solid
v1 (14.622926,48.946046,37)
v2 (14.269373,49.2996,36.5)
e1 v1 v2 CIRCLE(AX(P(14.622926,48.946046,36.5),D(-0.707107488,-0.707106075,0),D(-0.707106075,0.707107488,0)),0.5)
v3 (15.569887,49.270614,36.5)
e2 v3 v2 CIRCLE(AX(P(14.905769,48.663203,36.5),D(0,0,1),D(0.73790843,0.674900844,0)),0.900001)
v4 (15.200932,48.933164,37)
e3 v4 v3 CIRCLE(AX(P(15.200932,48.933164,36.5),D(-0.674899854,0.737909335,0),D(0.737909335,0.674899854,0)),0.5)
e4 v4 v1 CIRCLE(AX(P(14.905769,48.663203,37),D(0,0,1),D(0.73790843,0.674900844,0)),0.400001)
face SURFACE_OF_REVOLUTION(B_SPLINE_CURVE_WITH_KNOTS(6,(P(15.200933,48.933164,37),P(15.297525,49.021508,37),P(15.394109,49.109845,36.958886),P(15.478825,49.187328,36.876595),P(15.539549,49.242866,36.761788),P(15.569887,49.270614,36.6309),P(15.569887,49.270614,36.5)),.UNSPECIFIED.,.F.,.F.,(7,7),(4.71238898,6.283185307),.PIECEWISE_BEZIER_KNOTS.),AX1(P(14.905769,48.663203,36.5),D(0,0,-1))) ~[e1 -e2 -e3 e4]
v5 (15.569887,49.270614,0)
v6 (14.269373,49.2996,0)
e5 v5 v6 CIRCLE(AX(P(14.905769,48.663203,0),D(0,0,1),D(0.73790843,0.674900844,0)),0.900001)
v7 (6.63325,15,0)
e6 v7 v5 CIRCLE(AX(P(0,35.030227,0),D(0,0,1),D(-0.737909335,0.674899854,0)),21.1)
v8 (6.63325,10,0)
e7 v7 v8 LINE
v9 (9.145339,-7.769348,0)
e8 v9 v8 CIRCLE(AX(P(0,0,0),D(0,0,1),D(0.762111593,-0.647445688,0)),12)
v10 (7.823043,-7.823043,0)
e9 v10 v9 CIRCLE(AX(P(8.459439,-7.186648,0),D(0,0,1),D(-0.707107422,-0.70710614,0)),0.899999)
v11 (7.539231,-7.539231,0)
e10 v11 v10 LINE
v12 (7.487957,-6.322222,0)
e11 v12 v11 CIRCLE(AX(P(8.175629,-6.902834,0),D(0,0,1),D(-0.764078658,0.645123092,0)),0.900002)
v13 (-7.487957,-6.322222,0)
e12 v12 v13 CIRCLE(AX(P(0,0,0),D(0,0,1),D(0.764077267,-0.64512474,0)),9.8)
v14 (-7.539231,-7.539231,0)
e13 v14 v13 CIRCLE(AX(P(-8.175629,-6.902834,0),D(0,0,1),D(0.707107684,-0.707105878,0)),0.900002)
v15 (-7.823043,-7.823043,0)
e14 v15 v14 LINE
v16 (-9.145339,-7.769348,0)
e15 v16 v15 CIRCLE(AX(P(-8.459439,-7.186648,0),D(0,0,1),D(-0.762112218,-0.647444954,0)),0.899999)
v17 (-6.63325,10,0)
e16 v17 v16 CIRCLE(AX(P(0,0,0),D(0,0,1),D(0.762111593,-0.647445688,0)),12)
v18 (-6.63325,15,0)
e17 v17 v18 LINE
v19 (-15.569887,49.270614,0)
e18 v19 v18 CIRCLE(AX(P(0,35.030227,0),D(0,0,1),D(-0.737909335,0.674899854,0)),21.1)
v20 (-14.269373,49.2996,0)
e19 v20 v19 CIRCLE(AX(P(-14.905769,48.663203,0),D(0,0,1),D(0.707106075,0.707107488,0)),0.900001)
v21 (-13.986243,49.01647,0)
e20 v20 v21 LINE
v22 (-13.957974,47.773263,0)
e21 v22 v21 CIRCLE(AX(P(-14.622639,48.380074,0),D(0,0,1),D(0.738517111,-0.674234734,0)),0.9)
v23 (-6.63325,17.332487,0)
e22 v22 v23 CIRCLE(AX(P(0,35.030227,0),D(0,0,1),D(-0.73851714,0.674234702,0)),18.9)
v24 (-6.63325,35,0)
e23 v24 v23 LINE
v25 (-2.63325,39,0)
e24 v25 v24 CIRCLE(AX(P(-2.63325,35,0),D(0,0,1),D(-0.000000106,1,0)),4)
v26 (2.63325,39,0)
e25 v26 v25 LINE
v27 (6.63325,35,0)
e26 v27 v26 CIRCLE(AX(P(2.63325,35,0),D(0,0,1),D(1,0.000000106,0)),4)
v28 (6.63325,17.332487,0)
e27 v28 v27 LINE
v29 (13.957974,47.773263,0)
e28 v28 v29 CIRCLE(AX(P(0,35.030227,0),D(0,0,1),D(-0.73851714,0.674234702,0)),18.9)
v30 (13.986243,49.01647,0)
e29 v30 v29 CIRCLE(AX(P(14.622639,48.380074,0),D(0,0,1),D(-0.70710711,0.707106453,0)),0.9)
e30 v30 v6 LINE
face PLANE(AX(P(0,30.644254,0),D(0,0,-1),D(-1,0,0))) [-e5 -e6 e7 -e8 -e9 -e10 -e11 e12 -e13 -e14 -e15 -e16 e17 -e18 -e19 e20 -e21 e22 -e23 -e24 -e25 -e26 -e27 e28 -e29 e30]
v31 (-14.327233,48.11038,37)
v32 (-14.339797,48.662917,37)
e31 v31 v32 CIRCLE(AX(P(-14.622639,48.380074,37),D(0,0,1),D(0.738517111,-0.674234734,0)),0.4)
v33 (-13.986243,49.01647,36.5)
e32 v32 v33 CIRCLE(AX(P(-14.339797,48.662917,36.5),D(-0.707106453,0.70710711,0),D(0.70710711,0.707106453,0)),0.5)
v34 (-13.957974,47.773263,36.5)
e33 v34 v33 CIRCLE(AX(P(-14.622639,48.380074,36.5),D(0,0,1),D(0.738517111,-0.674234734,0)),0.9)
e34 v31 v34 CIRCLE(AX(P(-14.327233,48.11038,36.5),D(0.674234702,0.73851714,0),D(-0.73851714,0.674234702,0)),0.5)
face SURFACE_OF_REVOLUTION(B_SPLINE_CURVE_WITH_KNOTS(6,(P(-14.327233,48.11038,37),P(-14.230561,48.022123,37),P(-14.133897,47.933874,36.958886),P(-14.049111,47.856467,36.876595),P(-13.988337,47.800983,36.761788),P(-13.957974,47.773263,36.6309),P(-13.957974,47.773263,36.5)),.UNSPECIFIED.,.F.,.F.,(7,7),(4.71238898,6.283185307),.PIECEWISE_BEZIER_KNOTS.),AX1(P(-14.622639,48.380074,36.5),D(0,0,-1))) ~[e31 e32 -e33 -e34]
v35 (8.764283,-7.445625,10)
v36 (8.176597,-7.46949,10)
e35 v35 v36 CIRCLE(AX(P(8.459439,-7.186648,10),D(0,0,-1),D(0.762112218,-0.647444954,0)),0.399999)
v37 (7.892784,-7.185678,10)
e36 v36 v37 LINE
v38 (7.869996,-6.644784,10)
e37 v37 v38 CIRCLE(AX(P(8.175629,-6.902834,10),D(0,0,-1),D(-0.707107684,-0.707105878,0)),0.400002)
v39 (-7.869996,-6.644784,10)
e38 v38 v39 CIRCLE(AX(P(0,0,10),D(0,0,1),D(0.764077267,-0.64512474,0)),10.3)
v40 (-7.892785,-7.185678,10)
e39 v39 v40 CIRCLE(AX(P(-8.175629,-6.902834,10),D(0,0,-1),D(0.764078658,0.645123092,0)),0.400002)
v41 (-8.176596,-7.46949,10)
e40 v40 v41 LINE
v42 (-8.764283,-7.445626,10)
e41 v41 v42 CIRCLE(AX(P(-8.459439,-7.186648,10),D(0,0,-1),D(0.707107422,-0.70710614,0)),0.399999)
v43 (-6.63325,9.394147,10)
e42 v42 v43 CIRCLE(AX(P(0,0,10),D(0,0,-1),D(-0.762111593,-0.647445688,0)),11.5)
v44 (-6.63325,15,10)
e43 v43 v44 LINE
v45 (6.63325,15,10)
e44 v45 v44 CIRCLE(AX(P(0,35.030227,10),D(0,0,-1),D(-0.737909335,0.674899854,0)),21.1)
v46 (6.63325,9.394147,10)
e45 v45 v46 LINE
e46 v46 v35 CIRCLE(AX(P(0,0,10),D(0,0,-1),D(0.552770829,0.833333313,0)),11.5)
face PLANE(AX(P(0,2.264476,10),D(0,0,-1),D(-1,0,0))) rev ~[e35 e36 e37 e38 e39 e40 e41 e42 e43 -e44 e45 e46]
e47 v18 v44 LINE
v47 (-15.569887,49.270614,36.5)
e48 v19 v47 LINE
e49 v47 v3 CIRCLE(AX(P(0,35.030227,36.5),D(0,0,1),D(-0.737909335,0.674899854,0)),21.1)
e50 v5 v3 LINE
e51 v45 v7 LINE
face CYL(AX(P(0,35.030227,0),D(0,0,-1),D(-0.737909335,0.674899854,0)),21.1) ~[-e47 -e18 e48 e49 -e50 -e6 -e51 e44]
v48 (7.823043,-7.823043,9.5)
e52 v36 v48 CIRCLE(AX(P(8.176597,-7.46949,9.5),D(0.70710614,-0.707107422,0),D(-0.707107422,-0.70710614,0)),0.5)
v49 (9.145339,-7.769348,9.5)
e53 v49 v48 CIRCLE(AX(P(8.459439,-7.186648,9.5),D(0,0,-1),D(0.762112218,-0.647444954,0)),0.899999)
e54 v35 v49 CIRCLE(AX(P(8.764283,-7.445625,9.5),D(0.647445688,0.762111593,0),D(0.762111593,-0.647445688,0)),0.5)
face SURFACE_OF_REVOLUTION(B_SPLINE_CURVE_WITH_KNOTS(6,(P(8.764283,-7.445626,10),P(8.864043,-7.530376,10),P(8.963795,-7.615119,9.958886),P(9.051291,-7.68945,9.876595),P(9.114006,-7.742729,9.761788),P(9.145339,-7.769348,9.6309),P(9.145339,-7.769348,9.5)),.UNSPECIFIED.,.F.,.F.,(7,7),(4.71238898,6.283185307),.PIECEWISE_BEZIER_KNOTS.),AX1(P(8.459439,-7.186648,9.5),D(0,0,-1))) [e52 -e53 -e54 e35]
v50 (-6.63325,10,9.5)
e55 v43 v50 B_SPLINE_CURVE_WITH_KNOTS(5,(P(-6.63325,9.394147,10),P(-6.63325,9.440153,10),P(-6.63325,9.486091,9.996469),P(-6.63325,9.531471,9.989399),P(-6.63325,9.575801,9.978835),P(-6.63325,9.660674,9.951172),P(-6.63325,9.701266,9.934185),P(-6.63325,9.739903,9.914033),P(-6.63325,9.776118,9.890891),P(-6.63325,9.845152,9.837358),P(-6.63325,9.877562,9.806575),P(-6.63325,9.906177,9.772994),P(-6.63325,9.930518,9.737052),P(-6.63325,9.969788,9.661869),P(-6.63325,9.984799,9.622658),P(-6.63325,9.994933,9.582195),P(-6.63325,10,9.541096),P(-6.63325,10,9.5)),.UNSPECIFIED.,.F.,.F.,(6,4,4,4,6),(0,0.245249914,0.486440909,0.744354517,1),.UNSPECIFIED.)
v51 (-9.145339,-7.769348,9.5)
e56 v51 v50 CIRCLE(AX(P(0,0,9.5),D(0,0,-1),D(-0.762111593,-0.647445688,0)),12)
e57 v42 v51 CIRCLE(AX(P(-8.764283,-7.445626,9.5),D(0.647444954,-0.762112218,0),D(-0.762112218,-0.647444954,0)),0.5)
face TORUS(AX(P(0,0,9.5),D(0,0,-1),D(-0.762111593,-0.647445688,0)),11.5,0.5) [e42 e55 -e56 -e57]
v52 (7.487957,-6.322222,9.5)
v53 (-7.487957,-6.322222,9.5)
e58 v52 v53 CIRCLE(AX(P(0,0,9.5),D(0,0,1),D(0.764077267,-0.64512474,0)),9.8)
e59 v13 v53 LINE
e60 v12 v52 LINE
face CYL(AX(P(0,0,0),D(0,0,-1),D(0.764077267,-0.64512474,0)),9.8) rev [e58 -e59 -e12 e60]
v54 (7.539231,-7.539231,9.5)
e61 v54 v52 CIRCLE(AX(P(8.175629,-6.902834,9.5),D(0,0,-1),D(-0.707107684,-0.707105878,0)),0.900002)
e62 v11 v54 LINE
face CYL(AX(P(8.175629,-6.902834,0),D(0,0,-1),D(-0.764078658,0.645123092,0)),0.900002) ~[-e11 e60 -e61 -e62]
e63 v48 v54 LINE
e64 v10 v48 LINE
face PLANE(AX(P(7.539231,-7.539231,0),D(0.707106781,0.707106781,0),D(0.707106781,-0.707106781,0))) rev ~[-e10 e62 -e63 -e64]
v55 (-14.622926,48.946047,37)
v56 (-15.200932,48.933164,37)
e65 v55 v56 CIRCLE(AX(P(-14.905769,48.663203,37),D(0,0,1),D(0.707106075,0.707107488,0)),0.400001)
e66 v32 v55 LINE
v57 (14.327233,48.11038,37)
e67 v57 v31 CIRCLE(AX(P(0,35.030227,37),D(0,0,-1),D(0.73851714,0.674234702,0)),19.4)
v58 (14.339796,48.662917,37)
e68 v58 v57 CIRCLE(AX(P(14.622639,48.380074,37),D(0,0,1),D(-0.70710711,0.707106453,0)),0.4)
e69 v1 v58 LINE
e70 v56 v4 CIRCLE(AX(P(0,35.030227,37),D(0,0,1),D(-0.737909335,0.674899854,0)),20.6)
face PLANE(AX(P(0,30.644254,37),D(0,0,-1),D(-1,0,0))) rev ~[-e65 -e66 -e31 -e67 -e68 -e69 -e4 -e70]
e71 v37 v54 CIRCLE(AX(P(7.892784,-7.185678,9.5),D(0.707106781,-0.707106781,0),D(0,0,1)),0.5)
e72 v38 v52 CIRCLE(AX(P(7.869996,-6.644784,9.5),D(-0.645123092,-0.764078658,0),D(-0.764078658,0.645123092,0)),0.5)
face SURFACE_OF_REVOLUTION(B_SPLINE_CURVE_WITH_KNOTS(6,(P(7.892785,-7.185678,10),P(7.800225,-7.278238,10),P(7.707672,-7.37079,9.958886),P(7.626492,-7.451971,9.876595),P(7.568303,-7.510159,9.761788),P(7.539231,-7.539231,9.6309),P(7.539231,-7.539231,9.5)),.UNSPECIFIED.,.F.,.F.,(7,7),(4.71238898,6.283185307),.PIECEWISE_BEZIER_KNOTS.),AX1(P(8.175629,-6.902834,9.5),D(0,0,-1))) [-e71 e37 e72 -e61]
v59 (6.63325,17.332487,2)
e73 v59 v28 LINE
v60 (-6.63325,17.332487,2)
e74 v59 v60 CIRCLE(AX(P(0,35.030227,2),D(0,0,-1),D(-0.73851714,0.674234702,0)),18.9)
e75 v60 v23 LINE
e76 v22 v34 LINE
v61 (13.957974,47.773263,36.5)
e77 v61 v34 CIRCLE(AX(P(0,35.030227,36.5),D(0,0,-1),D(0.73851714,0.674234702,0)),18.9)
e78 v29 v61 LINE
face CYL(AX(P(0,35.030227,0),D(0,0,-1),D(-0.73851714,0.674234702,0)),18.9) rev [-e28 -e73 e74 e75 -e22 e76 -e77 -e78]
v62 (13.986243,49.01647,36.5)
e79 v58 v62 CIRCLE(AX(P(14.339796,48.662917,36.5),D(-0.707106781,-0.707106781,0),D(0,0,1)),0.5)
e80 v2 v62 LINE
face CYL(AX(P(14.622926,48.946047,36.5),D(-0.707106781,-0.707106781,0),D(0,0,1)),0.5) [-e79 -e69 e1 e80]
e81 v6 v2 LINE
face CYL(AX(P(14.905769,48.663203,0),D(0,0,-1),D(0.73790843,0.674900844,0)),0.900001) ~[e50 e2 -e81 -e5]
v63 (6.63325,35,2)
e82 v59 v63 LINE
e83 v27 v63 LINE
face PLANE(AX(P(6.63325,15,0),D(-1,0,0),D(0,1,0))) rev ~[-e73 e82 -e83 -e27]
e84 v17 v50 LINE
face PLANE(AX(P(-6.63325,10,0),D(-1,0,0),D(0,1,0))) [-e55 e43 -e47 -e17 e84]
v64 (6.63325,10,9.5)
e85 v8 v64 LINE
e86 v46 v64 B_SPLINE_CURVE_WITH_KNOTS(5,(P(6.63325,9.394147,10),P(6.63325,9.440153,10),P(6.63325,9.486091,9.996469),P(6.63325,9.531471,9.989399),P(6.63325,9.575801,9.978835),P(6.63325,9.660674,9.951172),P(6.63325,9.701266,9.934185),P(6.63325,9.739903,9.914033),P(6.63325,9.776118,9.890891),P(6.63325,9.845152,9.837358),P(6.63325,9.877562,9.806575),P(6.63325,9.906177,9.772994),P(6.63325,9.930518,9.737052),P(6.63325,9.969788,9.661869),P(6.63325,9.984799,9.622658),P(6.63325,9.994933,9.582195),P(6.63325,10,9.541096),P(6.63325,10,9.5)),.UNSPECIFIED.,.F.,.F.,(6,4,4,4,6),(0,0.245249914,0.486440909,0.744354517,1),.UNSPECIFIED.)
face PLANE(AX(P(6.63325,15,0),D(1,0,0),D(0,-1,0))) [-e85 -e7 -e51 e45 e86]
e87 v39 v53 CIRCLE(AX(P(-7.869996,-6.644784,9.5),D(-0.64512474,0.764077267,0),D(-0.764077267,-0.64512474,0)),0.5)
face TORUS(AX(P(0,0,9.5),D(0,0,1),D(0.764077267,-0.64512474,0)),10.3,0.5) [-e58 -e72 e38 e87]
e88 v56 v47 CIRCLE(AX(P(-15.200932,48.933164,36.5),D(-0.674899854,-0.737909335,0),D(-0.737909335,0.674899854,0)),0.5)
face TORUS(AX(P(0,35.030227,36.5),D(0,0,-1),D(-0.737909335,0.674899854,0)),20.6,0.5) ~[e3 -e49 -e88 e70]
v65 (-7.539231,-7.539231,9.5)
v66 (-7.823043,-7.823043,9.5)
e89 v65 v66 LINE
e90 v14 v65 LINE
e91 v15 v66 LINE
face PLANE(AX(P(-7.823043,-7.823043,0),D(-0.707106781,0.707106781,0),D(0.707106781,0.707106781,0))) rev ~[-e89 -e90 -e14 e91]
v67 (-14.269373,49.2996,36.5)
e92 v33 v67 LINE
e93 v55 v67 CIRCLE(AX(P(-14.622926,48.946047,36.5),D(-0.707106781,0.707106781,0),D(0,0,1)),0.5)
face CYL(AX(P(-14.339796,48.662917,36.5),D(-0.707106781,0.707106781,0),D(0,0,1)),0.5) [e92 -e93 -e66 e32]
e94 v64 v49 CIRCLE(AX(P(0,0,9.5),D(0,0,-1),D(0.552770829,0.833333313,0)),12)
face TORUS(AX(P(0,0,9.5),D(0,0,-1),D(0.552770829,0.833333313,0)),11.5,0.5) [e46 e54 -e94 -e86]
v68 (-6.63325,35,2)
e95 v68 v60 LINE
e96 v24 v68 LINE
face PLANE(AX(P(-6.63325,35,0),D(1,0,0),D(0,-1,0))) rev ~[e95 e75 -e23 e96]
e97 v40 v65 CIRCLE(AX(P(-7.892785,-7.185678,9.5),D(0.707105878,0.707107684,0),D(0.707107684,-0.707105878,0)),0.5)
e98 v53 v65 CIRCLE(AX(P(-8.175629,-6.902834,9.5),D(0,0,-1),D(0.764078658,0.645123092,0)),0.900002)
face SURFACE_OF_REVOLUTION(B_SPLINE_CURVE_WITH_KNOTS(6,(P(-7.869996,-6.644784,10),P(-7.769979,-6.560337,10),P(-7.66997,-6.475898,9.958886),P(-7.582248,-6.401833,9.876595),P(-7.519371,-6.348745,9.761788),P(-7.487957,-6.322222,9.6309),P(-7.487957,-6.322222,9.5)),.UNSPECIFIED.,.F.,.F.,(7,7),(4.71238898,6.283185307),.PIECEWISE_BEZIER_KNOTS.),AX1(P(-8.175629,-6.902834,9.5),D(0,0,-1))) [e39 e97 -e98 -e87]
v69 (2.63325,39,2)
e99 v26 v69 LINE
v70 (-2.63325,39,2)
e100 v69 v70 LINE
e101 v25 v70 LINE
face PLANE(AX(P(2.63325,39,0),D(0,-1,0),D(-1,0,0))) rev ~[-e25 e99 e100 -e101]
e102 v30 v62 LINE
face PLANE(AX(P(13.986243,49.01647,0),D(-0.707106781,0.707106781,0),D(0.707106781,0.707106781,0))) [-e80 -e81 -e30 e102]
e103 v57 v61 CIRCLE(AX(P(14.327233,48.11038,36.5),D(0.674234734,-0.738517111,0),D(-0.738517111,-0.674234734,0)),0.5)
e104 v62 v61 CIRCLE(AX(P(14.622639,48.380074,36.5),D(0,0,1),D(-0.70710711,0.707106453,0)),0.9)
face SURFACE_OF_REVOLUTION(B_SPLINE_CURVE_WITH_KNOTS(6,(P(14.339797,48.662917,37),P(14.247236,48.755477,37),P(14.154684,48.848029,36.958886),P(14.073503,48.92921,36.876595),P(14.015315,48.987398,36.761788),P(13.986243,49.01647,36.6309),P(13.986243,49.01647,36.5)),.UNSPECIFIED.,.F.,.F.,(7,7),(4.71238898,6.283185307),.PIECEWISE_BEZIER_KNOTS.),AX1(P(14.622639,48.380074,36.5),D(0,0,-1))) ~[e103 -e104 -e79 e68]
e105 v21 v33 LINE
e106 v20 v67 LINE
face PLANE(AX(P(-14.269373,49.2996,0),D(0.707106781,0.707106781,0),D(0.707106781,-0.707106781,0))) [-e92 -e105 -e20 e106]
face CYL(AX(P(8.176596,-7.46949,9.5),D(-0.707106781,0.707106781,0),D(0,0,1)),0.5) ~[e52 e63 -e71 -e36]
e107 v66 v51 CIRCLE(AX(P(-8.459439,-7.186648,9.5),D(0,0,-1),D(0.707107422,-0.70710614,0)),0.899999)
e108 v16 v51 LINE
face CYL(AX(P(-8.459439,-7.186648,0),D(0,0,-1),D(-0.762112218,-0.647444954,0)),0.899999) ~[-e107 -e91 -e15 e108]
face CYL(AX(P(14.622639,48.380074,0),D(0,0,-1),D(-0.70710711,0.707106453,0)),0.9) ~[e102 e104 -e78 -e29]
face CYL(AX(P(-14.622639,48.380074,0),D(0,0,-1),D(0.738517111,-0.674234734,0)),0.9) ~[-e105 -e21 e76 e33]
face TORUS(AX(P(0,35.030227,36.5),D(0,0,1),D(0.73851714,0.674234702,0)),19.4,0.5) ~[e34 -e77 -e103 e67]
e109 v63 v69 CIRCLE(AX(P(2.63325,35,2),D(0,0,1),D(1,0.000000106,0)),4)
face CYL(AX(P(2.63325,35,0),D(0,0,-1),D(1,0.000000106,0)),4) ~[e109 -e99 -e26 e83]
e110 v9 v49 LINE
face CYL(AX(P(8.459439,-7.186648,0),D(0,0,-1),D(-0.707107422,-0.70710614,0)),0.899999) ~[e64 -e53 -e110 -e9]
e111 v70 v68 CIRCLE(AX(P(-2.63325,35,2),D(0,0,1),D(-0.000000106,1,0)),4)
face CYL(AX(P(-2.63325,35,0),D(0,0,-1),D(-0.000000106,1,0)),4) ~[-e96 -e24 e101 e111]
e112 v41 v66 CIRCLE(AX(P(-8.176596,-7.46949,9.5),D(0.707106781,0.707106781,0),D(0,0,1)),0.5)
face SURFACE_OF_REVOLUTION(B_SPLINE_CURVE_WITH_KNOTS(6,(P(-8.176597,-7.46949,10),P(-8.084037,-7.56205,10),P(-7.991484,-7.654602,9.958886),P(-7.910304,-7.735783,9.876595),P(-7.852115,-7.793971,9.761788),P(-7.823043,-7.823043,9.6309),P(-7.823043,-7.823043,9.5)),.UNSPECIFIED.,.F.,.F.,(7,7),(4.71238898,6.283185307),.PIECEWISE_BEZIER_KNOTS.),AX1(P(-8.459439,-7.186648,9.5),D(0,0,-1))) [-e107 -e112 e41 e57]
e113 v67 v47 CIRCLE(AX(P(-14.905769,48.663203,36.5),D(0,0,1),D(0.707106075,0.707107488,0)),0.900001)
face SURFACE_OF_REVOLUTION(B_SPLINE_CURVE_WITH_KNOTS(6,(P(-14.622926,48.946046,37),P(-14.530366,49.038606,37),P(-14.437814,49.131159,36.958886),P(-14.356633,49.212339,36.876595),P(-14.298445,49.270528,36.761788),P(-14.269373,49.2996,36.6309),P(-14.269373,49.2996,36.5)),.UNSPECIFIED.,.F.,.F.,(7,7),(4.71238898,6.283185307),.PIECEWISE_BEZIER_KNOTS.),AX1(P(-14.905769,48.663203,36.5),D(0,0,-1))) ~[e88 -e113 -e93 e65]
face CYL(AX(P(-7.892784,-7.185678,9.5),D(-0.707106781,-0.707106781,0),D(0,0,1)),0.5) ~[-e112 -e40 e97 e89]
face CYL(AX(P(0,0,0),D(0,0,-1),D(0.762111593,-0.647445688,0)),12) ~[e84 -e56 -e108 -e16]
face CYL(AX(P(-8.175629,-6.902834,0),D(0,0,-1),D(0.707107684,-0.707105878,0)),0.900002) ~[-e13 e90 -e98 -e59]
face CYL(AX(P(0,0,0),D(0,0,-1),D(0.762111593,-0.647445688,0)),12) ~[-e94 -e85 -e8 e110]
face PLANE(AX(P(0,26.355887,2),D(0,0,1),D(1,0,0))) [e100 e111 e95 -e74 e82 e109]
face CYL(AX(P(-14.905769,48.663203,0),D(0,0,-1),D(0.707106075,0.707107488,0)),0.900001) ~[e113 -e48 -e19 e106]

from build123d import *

# Parameters (mm, degrees)
PAD_DEPTH    = 10
PAD001_DEPTH = 10
PAD002_DEPTH = 37
PAD003_DEPTH = 2
FILLET_R     = 0.5


with BuildPart() as part:
    # Sketch → Pad (new body)
    with BuildSketch(Plane.XY):
        with BuildLine():
            ThreePointArc((7.487957, -6.322222), (0, 9.8), (-7.487957, -6.322222))
            ThreePointArc((-7.539231, -7.539231), (-7.276425, -6.940719), (-7.487957, -6.322222))
            Line((-7.823043, -7.823043), (-7.539231, -7.539231))
            ThreePointArc((-9.145339, -7.769348), (-8.495956, -8.085906), (-7.823043, -7.823043))
            ThreePointArc((9.145339, -7.769348), (0, 12), (-9.145339, -7.769348))
            ThreePointArc((7.823043, -7.823043), (8.495956, -8.085906), (9.145339, -7.769348))
            Line((7.539231, -7.539231), (7.823043, -7.823043))
            ThreePointArc((7.487957, -6.322222), (7.276425, -6.940719), (7.539231, -7.539231))
        make_face()
    extrude(amount=PAD_DEPTH)

    # Sketch001 → Pad001 (join)
    with BuildSketch(Plane.XY):
        with BuildLine():
            Line((-6.63325, 15), (6.63325, 15))
            Line((6.63325, 15), (6.63325, 10))
            ThreePointArc((6.63325, 10), (0, 12), (-6.63325, 10))
            Line((-6.63325, 10), (-6.63325, 15))
        make_face()
    extrude(amount=PAD001_DEPTH)

    # Sketch002 → Pad002 (join)
    with BuildSketch(Plane.XY):
        with BuildLine():
            ThreePointArc((-13.957974, 47.773263), (0, 16.130227), (13.957974, 47.773263))
            ThreePointArc((13.986243, 49.01647), (13.722872, 48.400534), (13.957974, 47.773263))
            Line((13.986243, 49.01647), (14.269373, 49.2996))
            ThreePointArc((15.569887, 49.270614), (14.925823, 49.56298), (14.269373, 49.2996))
            ThreePointArc((-15.569887, 49.270614), (0, 13.930227), (15.569887, 49.270614))
            ThreePointArc((-14.269373, 49.2996), (-14.925823, 49.56298), (-15.569887, 49.270614))
            Line((-14.269373, 49.2996), (-13.986243, 49.01647))
            ThreePointArc((-13.957974, 47.773263), (-13.722872, 48.400534), (-13.986243, 49.01647))
        make_face()
    extrude(amount=PAD002_DEPTH)

    # Sketch003 → Pad003 (join)
    with BuildSketch(Plane.XY):
        with BuildLine():
            Line((6.63325, 15), (6.63325, 35))
            ThreePointArc((6.63325, 35), (5.461677, 37.828427), (2.63325, 39))
            Line((2.63325, 39), (-2.63325, 39))
            ThreePointArc((-2.63325, 39), (-5.461677, 37.828427), (-6.63325, 35))
            Line((-6.63325, 35), (-6.63325, 15))
            Line((-6.63325, 15), (6.63325, 15))
        make_face()
    extrude(amount=PAD003_DEPTH)

    # Fillet
    fillet_edges = [part.edges().sort_by_distance(p)[0] for p in [
        (0, 9.8, 10),
        (11.881852, 1.679762, 10),
        (-11.881852, 1.679762, 10),
        (0, 13.930227, 37),
        (0, 16.130227, 37),
    ]]
    fillet(fillet_edges, radius=FILLET_R)


solid = part.part
